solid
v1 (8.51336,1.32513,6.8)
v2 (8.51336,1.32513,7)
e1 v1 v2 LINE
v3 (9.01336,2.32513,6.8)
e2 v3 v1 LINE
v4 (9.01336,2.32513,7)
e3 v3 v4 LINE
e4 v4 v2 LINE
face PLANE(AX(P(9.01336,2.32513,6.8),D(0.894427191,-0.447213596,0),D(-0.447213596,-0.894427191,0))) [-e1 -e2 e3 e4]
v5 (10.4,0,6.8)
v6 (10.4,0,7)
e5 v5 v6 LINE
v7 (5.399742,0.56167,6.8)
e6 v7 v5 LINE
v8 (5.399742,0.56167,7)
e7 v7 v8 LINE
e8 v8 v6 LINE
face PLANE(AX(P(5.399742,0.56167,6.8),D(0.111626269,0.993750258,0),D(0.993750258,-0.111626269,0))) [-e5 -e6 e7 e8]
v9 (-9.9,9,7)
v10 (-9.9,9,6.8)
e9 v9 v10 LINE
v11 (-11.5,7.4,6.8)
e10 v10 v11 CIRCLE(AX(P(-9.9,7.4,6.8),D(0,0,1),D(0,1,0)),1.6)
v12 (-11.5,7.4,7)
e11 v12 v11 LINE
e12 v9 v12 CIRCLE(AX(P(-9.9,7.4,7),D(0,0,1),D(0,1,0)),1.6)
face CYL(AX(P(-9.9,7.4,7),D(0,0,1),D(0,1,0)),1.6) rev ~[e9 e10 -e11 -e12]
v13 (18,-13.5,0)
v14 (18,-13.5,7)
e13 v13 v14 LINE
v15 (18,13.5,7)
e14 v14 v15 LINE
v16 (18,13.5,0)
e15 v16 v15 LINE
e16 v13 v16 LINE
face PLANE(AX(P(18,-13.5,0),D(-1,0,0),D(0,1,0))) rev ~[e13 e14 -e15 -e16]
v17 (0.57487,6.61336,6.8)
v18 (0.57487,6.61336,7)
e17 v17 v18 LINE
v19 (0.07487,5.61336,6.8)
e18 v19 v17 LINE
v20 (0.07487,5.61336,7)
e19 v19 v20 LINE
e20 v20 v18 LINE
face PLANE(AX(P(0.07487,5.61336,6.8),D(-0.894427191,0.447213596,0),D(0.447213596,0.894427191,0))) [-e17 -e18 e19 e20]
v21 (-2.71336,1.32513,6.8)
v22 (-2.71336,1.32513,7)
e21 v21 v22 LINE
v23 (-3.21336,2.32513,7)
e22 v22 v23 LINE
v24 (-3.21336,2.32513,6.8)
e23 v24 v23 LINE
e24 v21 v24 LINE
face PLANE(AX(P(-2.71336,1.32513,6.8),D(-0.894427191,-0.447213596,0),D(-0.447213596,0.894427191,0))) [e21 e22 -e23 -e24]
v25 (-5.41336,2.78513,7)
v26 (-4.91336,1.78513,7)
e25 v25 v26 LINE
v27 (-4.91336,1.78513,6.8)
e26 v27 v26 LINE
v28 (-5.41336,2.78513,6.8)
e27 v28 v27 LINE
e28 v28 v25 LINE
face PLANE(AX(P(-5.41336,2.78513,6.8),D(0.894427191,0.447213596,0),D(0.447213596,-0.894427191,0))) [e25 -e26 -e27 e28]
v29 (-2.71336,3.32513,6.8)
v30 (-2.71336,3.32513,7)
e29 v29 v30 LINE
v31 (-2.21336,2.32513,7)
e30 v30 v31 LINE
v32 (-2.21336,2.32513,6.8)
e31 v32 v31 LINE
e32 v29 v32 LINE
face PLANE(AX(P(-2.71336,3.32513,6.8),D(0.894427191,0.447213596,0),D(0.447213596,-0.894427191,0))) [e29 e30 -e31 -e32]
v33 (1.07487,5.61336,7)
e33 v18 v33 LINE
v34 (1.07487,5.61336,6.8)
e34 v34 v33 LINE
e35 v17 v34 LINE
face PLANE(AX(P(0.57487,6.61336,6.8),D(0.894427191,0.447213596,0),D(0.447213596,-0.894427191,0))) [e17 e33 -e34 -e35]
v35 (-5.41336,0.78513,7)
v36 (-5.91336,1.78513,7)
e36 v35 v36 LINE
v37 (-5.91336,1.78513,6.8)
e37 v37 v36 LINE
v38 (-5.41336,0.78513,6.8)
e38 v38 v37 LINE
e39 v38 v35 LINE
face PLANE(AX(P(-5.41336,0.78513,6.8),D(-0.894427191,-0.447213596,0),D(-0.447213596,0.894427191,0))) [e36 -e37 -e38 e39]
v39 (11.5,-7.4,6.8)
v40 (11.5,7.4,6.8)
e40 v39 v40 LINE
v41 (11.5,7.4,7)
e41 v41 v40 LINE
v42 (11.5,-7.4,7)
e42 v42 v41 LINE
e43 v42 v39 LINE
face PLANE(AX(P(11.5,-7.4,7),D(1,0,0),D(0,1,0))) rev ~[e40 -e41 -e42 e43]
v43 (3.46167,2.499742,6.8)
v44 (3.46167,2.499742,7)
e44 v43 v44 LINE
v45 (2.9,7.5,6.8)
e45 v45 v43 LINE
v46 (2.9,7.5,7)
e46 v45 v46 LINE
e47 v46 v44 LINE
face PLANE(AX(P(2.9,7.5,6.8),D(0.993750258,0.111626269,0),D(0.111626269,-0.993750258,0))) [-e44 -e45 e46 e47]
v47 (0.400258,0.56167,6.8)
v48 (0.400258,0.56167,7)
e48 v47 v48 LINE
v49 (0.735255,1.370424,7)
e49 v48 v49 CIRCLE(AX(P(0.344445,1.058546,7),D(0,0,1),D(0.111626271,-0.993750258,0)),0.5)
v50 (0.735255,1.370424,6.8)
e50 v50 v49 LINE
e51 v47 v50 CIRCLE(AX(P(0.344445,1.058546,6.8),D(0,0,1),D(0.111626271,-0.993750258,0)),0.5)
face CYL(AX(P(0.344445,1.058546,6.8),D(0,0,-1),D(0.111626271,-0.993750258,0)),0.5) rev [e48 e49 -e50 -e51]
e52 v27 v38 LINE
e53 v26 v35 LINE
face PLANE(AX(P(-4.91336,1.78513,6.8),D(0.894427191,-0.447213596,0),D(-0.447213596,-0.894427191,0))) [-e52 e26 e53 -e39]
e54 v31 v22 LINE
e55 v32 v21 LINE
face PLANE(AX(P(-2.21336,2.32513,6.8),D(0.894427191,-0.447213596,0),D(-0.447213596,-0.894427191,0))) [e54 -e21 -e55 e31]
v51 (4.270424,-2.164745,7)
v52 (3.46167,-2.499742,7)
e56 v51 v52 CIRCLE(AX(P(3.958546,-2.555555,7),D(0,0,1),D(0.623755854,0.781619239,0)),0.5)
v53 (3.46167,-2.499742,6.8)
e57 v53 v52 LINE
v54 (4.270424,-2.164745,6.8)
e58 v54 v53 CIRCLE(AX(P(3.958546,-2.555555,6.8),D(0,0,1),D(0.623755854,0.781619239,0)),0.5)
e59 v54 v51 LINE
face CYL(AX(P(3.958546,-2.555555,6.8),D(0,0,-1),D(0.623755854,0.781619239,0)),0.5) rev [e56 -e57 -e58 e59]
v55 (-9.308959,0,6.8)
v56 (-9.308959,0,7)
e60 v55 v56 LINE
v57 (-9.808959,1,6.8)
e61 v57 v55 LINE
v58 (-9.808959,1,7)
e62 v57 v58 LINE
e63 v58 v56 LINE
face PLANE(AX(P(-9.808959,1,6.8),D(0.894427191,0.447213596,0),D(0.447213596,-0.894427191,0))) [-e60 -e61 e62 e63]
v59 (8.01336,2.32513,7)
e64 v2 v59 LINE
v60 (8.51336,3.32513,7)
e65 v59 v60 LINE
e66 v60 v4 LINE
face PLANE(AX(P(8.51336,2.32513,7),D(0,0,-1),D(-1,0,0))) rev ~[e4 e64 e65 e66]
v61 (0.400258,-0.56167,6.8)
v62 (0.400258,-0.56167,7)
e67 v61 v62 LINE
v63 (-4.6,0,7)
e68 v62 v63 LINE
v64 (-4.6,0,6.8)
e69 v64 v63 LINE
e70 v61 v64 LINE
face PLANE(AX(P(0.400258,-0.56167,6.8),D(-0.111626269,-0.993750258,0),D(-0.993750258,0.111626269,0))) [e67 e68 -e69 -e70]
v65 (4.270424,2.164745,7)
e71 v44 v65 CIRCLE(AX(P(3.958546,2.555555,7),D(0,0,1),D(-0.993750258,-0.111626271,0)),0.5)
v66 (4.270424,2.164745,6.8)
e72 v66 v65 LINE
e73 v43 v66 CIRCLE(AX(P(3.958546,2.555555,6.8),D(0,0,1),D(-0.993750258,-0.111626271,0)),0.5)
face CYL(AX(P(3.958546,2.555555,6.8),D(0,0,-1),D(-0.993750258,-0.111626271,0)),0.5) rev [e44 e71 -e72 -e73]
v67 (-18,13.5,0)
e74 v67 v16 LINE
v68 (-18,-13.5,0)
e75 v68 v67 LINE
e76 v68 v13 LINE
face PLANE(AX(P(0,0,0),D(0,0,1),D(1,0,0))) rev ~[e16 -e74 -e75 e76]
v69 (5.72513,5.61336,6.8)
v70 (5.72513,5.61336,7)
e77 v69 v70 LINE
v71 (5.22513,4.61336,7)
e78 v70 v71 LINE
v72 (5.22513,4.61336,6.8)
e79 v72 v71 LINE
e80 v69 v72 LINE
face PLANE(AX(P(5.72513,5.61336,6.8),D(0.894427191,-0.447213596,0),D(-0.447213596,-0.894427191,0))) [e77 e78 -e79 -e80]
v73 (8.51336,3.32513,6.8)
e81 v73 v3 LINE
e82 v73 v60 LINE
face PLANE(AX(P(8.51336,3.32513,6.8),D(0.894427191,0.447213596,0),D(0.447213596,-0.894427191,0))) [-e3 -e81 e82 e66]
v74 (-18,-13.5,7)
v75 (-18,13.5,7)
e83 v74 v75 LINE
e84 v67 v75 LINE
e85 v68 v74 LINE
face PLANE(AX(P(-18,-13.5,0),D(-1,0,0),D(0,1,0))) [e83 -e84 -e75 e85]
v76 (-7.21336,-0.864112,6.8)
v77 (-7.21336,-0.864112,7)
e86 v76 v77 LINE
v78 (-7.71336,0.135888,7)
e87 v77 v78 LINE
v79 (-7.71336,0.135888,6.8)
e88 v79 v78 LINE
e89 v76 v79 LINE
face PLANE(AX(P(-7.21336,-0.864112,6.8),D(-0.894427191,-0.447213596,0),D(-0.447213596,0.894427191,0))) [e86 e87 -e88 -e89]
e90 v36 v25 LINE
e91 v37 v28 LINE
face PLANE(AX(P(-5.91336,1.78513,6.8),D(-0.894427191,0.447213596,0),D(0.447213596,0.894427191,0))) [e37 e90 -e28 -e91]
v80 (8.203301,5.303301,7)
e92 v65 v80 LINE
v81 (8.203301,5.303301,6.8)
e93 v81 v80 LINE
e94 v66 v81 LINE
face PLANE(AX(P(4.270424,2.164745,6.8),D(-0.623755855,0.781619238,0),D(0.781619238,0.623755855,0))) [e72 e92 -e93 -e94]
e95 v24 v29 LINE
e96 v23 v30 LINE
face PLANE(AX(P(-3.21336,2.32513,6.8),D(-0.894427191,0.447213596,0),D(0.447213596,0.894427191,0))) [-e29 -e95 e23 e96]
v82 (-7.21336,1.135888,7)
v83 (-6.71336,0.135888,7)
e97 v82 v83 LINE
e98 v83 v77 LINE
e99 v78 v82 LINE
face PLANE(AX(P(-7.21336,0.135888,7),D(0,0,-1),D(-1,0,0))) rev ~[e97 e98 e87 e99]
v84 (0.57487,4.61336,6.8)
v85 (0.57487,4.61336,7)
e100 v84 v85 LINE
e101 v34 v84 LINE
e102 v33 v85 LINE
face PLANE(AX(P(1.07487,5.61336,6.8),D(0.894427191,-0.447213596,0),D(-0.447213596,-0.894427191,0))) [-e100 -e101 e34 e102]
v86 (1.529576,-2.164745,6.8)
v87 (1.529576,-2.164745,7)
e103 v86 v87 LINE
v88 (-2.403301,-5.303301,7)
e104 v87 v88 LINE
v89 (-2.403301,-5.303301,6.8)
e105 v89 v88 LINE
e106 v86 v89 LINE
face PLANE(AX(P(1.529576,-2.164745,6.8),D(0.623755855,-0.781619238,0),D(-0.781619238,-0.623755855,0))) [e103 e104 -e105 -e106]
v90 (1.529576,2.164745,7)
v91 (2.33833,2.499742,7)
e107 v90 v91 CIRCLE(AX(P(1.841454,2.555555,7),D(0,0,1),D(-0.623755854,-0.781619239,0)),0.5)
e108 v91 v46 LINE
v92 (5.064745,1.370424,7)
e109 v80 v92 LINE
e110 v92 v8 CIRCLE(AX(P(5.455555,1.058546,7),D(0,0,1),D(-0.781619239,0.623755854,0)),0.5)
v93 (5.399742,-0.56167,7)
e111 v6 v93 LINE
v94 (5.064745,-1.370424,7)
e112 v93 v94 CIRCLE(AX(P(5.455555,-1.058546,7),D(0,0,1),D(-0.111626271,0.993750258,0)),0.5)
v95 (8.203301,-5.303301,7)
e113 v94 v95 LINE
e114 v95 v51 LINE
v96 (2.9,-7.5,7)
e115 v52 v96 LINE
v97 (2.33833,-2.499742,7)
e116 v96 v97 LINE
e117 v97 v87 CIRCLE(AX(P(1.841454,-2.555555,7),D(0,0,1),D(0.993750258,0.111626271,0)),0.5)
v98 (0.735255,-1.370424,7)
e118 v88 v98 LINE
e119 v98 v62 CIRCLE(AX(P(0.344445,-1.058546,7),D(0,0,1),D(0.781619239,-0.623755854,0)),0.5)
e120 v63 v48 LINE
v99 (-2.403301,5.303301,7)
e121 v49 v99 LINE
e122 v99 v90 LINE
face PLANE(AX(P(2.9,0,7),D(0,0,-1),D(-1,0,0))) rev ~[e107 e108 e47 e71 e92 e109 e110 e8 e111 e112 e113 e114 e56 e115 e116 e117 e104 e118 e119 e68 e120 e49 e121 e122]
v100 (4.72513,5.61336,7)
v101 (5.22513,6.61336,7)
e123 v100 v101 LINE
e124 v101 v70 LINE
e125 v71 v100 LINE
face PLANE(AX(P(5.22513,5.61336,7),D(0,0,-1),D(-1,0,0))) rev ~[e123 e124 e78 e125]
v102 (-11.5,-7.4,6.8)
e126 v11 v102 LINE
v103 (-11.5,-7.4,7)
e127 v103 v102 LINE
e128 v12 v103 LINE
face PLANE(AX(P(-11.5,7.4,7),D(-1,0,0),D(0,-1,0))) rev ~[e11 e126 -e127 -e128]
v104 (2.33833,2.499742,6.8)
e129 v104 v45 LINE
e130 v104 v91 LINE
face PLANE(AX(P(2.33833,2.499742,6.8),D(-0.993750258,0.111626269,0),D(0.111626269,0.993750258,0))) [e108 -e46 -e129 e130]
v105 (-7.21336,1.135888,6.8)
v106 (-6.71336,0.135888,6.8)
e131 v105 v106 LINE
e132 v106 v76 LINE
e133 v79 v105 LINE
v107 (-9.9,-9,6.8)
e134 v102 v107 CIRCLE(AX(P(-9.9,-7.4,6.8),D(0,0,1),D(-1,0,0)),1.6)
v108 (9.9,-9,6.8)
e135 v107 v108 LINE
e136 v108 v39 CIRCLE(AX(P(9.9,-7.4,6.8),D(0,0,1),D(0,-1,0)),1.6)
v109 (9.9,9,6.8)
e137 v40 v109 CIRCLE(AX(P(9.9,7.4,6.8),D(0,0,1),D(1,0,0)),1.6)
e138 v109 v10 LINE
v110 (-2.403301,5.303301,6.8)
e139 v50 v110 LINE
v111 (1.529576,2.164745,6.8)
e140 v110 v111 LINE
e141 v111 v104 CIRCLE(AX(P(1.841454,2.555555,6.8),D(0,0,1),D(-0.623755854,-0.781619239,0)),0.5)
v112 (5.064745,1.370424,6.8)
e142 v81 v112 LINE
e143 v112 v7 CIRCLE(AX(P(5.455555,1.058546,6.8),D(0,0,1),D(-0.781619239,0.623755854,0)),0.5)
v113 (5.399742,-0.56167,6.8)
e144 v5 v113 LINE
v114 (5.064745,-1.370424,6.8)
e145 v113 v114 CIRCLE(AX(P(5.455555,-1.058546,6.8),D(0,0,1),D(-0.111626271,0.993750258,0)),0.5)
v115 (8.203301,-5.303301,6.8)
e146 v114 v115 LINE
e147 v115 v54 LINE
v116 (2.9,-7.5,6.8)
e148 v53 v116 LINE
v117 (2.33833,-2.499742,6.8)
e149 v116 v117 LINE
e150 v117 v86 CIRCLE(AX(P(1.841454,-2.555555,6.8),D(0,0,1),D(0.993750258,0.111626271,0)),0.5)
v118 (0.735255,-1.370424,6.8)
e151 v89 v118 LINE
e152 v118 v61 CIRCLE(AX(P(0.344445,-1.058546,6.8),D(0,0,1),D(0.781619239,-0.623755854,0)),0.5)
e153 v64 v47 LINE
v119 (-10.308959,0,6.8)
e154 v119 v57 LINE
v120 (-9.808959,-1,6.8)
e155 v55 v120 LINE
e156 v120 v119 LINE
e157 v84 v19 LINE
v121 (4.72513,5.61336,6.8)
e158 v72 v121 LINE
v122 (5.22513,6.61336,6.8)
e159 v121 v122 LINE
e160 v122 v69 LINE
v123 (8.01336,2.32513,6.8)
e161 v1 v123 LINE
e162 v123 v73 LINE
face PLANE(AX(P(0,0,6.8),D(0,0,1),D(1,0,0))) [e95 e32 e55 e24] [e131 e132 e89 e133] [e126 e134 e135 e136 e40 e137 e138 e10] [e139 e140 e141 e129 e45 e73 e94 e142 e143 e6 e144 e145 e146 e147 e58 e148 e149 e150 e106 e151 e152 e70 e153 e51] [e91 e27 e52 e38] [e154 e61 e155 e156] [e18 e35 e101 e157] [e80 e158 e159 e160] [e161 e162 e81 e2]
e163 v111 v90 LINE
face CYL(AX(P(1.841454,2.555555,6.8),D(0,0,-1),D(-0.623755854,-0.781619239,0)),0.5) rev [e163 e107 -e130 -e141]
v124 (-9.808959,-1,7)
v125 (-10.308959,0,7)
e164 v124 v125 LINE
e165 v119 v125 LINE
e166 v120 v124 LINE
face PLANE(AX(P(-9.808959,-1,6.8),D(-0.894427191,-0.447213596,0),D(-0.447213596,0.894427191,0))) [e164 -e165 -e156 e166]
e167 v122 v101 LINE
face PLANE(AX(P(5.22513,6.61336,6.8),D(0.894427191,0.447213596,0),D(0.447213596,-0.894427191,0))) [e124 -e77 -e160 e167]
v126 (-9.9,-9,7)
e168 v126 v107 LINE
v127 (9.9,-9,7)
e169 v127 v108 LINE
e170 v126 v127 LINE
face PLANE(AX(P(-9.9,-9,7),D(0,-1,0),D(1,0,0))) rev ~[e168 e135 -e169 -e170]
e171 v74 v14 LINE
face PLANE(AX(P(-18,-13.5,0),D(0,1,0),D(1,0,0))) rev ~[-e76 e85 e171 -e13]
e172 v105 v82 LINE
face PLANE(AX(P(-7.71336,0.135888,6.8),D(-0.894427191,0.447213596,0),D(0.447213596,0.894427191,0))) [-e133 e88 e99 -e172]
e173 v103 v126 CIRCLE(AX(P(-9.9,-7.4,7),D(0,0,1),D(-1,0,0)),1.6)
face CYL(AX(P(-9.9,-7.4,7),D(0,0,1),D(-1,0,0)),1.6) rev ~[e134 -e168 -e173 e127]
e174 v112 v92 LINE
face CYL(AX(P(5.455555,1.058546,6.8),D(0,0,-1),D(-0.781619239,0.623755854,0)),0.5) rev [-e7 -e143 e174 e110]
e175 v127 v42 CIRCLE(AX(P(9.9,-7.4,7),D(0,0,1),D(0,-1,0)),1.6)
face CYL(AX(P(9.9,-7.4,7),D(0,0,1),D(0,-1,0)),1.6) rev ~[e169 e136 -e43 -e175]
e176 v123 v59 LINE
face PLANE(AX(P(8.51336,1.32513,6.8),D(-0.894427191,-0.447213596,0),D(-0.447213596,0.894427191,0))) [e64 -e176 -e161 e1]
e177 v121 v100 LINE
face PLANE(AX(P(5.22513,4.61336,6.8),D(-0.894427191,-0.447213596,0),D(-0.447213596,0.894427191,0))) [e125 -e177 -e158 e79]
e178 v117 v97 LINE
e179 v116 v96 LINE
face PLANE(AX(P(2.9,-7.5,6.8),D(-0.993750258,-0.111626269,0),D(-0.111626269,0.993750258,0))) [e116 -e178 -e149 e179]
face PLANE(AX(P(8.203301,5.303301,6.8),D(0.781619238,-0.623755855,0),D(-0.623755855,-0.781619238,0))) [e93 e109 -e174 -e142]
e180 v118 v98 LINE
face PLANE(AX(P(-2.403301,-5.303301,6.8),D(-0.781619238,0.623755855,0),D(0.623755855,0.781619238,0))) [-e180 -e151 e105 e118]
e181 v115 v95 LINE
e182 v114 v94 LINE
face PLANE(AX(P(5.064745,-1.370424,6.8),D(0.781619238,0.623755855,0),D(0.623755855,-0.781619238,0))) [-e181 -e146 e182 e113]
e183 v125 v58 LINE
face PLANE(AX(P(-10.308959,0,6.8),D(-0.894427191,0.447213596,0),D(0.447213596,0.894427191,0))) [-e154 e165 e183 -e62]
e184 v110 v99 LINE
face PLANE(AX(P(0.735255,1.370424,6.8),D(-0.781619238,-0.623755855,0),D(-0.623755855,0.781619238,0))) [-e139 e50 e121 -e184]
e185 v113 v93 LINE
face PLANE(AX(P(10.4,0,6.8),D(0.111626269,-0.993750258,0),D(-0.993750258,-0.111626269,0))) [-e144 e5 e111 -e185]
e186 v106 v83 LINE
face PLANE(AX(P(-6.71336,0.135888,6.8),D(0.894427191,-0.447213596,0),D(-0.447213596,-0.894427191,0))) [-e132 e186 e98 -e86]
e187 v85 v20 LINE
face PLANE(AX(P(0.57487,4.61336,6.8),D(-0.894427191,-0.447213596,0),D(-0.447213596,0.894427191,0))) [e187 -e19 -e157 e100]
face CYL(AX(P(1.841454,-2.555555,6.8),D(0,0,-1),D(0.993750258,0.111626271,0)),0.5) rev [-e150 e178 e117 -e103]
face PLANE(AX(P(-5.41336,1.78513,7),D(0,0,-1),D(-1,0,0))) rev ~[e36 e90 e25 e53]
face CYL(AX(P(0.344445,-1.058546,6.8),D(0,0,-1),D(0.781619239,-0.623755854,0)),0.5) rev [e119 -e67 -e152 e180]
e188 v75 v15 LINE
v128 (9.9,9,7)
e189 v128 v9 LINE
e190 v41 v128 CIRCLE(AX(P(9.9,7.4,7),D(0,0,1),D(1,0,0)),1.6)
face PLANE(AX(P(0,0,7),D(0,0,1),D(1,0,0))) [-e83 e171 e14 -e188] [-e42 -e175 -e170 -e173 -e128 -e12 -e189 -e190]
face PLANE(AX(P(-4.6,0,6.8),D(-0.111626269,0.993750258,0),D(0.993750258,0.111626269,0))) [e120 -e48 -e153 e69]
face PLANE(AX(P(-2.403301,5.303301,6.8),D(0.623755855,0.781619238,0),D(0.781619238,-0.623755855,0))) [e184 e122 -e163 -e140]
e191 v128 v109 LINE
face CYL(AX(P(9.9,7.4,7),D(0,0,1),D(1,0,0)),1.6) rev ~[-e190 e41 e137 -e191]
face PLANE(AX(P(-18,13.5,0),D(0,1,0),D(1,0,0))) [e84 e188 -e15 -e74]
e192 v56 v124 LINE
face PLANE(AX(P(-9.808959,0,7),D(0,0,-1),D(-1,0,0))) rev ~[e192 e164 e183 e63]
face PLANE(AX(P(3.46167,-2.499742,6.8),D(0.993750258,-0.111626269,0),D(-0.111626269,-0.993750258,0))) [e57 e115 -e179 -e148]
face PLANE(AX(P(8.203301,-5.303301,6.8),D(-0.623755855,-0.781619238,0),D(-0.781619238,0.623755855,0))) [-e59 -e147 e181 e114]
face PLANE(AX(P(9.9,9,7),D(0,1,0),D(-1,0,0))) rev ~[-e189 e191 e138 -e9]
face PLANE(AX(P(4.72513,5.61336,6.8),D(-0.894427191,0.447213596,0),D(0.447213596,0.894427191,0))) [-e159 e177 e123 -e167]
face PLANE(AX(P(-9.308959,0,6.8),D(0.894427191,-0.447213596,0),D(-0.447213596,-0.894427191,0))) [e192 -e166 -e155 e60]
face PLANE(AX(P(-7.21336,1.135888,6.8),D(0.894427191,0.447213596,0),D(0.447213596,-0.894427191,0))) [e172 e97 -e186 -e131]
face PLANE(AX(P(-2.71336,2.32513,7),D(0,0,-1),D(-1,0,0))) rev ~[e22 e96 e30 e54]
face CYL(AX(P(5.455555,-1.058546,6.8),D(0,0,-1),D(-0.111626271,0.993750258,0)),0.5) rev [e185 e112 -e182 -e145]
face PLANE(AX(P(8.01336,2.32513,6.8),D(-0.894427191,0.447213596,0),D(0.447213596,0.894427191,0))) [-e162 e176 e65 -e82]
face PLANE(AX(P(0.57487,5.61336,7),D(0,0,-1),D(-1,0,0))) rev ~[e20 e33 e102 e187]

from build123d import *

# Parameters (mm, degrees)
SKETCH1_W           = 36
SKETCH1_H           = 27
BOSS_EXTRUDE1_DEPTH = 7
CUT_EXTRUDE1_DEPTH  = 0.2
BOSS_EXTRUDE2_DEPTH = 0.2
BOSS_EXTRUDE3_DEPTH = 0.2


with BuildPart() as part:
    # Sketch1 → Boss-Extrude1 (new body)
    with BuildSketch(Plane.XY):
        Rectangle(SKETCH1_W, SKETCH1_H)
    extrude(amount=BOSS_EXTRUDE1_DEPTH)

    # Sketch2 → Cut-Extrude1 (cut)
    with BuildSketch(Plane.XY.offset(7)):
        with BuildLine():
            Line((-9.9, -9), (9.9, -9))
            ThreePointArc((9.9, -9), (11.03137085, -8.53137085), (11.5, -7.4))
            Line((11.5, -7.4), (11.5, 7.4))
            ThreePointArc((11.5, 7.4), (11.03137085, 8.53137085), (9.9, 9))
            Line((9.9, 9), (-9.9, 9))
            ThreePointArc((-9.9, 9), (-11.03137085, 8.53137085), (-11.5, 7.4))
            Line((-11.5, 7.4), (-11.5, -7.4))
            ThreePointArc((-11.5, -7.4), (-11.03137085, -8.53137085), (-9.9, -9))
        make_face()
    extrude(amount=-CUT_EXTRUDE1_DEPTH, mode=Mode.SUBTRACT)

    # Sketch3 → Boss-Extrude2 (add)
    with BuildSketch(Plane.XY.offset(6.8)):
        with BuildLine():
            Line((2.9, 7.5), (3.461670446, 2.49974195))
            ThreePointArc((3.461670446, 2.49974195), (3.767203859, 2.093615319), (4.270423503, 2.164745466))
            Line((4.270423503, 2.164745466), (8.203300859, 5.303300859))
            Line((8.203300859, 5.303300859), (5.064745466, 1.370423503))
            ThreePointArc((5.064745466, 1.370423503), (4.993615319, 0.867203859), (5.39974195, 0.561670446))
            Line((5.39974195, 0.561670446), (10.4, 0))
            Line((10.4, 0), (5.39974195, -0.561670446))
            ThreePointArc((5.39974195, -0.561670446), (4.993615319, -0.867203859), (5.064745466, -1.370423503))
            Line((5.064745466, -1.370423503), (8.203300859, -5.303300859))
            Line((8.203300859, -5.303300859), (4.270423503, -2.164745466))
            ThreePointArc((4.270423503, -2.164745466), (3.767203859, -2.093615319), (3.461670446, -2.49974195))
            Line((3.461670446, -2.49974195), (2.9, -7.5))
            Line((2.9, -7.5), (2.338329554, -2.49974195))
            ThreePointArc((2.338329554, -2.49974195), (2.032796141, -2.093615319), (1.529576497, -2.164745466))
            Line((1.529576497, -2.164745466), (-2.403300859, -5.303300859))
            Line((-2.403300859, -5.303300859), (0.735254534, -1.370423503))
            ThreePointArc((0.735254534, -1.370423503), (0.806384681, -0.867203859), (0.40025805, -0.561670446))
            Line((0.40025805, -0.561670446), (-4.6, 0))
            Line((-4.6, 0), (0.40025805, 0.561670446))
            ThreePointArc((0.40025805, 0.561670446), (0.806384681, 0.867203859), (0.735254534, 1.370423503))
            Line((0.735254534, 1.370423503), (-2.403300859, 5.303300859))
            Line((-2.403300859, 5.303300859), (1.529576497, 2.164745466))
            ThreePointArc((1.529576497, 2.164745466), (2.032796141, 2.093615319), (2.338329554, 2.49974195))
            Line((2.338329554, 2.49974195), (2.9, 7.5))
        make_face()
    extrude(amount=BOSS_EXTRUDE2_DEPTH)

    # Sketch5 → Boss-Extrude3 (add)
    with BuildSketch(Plane.XY.offset(6.8)):
        Polygon((-5.413360388, 2.785130003), (-4.913360388, 1.785130003), (-5.413360388, 0.785130003), (-5.913360388, 1.785130003), align=None)
        Polygon((8.513360388, 3.325130003), (9.013360388, 2.325130003), (8.513360388, 1.325130003), (8.013360388, 2.325130003), align=None)
        Polygon((4.725130003, 5.613360388), (5.225130003, 6.613360388), (5.725130003, 5.613360388), (5.225130003, 4.613360388), align=None)
        Polygon((0.574869997, 6.613360388), (1.074869997, 5.613360388), (0.574869997, 4.613360388), (0.074869997, 5.613360388), align=None)
        Polygon((-2.713360388, 3.325130003), (-2.213360388, 2.325130003), (-2.713360388, 1.325130003), (-3.213360388, 2.325130003), align=None)
        Polygon((-7.213360388, 1.135887753), (-6.713360388, 0.135887753), (-7.213360388, -0.864112247), (-7.713360388, 0.135887753), align=None)
        Polygon((-9.808959232, 1), (-9.308959232, 0), (-9.808959232, -1), (-10.308959232, 0), align=None)
    extrude(amount=BOSS_EXTRUDE3_DEPTH)


solid = part.part
